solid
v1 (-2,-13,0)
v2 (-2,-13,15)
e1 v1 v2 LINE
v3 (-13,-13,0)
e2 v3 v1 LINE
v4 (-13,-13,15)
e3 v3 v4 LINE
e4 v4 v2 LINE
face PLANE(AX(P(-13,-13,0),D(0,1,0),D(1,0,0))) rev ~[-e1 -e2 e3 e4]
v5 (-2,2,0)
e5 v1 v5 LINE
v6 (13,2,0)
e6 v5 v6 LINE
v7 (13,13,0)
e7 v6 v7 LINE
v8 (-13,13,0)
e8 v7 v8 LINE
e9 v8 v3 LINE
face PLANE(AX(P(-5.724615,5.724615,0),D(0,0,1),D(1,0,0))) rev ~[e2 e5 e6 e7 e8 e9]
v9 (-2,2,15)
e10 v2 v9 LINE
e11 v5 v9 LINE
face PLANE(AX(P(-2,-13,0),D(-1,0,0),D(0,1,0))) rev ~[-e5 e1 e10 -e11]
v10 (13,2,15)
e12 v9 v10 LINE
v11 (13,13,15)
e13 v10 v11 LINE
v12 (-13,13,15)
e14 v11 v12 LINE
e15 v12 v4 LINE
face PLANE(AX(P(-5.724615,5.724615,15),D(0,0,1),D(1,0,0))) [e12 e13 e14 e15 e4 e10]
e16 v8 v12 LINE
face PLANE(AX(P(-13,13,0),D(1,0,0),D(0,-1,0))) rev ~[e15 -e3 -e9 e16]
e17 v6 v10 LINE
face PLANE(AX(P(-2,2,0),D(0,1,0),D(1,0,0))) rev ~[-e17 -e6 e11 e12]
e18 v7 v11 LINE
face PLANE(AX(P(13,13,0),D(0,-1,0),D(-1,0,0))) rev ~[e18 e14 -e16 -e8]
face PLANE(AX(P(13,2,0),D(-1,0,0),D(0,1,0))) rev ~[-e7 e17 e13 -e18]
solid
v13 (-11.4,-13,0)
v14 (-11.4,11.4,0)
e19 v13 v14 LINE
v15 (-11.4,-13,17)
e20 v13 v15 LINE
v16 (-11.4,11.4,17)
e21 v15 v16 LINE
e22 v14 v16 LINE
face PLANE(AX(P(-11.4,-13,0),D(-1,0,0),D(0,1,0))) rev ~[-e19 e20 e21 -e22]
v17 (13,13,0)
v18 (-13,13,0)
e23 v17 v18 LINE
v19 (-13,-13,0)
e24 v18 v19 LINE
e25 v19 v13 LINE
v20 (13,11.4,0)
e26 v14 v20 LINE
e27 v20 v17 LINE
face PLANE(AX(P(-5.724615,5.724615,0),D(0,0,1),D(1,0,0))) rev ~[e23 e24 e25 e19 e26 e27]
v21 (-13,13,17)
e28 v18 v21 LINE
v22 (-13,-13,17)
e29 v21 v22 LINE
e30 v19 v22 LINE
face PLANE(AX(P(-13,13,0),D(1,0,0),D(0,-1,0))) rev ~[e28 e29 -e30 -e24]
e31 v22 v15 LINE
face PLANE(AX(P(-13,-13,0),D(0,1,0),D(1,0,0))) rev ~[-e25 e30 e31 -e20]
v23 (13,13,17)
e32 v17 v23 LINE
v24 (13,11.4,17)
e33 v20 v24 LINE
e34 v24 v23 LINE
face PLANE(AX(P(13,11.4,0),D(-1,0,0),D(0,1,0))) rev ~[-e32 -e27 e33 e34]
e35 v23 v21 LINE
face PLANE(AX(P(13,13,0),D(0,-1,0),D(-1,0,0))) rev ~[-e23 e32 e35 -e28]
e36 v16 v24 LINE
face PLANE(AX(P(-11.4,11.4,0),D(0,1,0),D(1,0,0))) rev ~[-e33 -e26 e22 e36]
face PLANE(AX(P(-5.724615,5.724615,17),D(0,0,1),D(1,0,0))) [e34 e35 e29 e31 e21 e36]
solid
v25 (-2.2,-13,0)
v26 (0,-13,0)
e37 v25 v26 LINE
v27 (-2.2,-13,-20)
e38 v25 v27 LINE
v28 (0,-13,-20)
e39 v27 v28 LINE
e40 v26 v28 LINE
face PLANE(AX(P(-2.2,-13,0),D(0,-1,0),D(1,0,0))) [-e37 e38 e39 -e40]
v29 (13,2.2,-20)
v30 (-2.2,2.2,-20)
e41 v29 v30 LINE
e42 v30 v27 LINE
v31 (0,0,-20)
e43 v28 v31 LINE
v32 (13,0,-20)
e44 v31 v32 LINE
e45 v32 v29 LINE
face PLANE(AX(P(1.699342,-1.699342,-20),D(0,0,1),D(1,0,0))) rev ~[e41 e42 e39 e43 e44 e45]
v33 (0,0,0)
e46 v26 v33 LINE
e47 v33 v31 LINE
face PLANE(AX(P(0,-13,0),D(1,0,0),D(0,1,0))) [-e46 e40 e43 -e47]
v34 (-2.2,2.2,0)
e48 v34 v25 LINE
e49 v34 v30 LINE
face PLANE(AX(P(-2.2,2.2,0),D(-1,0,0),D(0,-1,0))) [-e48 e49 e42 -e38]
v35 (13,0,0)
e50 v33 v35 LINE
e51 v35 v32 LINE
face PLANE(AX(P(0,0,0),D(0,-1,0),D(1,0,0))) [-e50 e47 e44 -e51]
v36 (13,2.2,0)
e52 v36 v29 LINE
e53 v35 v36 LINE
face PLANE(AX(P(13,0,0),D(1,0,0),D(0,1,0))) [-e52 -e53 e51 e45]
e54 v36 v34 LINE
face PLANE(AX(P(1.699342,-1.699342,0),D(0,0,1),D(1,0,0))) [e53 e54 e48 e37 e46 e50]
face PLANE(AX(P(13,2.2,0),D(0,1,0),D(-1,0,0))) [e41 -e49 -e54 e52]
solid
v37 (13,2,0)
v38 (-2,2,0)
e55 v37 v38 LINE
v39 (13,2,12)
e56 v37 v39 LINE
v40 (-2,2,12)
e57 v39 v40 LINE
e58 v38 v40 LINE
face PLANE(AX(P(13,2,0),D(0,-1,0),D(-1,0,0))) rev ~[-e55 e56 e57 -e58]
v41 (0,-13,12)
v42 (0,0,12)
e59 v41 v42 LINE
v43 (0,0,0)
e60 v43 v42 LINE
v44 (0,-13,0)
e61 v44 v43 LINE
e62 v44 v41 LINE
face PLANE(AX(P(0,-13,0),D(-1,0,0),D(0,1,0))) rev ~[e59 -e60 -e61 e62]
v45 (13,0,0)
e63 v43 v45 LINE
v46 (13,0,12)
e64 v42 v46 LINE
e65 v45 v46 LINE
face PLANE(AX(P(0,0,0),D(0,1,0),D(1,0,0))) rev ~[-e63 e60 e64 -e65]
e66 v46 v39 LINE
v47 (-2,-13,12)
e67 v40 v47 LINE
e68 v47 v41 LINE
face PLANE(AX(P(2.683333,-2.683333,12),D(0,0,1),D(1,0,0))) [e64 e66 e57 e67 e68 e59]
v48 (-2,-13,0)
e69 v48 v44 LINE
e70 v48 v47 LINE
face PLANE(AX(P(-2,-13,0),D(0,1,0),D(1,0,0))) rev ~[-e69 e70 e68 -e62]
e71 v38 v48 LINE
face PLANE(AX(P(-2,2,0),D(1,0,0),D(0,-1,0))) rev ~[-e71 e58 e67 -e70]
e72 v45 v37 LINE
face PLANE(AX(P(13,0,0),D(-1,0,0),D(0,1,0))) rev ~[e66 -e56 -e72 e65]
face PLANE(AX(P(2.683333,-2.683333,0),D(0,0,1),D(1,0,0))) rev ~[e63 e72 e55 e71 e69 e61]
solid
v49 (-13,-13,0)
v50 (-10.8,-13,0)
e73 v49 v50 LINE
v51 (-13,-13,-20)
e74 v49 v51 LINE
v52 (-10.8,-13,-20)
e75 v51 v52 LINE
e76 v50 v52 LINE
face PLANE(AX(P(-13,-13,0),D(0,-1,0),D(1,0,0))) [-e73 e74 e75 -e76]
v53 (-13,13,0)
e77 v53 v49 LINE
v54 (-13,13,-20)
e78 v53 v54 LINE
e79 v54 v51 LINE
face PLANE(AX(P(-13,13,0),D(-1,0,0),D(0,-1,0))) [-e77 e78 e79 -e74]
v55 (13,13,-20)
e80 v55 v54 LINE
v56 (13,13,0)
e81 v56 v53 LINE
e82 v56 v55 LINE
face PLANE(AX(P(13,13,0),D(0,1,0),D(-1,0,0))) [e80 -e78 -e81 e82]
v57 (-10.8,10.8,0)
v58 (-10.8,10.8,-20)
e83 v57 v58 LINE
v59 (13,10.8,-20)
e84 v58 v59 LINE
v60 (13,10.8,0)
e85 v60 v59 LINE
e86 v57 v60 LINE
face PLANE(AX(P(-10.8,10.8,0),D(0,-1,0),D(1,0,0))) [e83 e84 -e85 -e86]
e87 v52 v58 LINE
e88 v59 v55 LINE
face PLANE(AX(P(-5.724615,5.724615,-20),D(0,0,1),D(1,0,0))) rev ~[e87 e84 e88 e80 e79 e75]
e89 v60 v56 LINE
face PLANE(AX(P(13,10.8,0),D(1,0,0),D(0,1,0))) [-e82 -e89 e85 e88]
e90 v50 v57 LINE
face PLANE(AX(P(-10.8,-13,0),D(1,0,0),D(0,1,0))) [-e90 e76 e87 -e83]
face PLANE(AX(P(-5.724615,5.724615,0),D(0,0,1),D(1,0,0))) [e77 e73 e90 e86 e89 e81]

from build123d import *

# Parameters (mm, degrees)
F1_DEPTH = 20
F2_DEPTH = 12
F3_DEPTH = 17
F4_DEPTH = 15


with BuildPart() as f1:
    # F0 (on Top) → F1 (new body)
    with BuildSketch(Plane.XY):
        Polygon((-13, -13), (-11.4, -13), (-11.4, 0), (-11.4, 11.4), (0, 11.4), (13, 11.4), (13, 13), (0, 13), (-13, 13), (-13, 0), align=None)
        Polygon((-2.2, -13), (-2, -13), (-2, 2), (13, 2), (13, 2.2), (-2.2, 2.2), align=None)
        Polygon((-2, -13), (0, -13), (0, 0), (13, 0), (13, 2), (-2, 2), align=None)
        Polygon((-11.4, -13), (-10.8, -13), (-10.8, 0), (-10.8, 10.8), (0, 10.8), (13, 10.8), (13, 11.4), (0, 11.4), (-11.4, 11.4), (-11.4, 0), align=None)
    extrude(amount=-F1_DEPTH)


with BuildPart() as f2:
    # F0 (on Top) → F2 (new body)
    with BuildSketch(Plane.XY):
        Polygon((-2, -13), (0, -13), (0, 0), (13, 0), (13, 2), (-2, 2), align=None)
    extrude(amount=F2_DEPTH)


with BuildPart() as f3:
    # F0 (on Top) → F3 (new body)
    with BuildSketch(Plane.XY):
        Polygon((-13, -13), (-11.4, -13), (-11.4, 0), (-11.4, 11.4), (0, 11.4), (13, 11.4), (13, 13), (0, 13), (-13, 13), (-13, 0), align=None)
    extrude(amount=F3_DEPTH)


with BuildPart() as f4:
    # F0 (on Top) → F4 (new body)
    with BuildSketch(Plane.XY):
        Polygon((-13, -13), (-11.4, -13), (-11.4, 0), (-11.4, 11.4), (0, 11.4), (13, 11.4), (13, 13), (0, 13), (-13, 13), (-13, 0), align=None)
        Polygon((-11.4, -13), (-10.8, -13), (-10.8, 0), (-10.8, 10.8), (0, 10.8), (13, 10.8), (13, 11.4), (0, 11.4), (-11.4, 11.4), (-11.4, 0), align=None)
        Polygon((-10.8, -13), (-2.2, -13), (-2.2, 2.2), (13, 2.2), (13, 10.8), (0, 10.8), (-10.8, 10.8), (-10.8, 0), align=None)
        Polygon((-2.2, -13), (-2, -13), (-2, 2), (13, 2), (13, 2.2), (-2.2, 2.2), align=None)
    extrude(amount=F4_DEPTH)


solid = Compound([f1.part, f2.part, f3.part, f4.part])
